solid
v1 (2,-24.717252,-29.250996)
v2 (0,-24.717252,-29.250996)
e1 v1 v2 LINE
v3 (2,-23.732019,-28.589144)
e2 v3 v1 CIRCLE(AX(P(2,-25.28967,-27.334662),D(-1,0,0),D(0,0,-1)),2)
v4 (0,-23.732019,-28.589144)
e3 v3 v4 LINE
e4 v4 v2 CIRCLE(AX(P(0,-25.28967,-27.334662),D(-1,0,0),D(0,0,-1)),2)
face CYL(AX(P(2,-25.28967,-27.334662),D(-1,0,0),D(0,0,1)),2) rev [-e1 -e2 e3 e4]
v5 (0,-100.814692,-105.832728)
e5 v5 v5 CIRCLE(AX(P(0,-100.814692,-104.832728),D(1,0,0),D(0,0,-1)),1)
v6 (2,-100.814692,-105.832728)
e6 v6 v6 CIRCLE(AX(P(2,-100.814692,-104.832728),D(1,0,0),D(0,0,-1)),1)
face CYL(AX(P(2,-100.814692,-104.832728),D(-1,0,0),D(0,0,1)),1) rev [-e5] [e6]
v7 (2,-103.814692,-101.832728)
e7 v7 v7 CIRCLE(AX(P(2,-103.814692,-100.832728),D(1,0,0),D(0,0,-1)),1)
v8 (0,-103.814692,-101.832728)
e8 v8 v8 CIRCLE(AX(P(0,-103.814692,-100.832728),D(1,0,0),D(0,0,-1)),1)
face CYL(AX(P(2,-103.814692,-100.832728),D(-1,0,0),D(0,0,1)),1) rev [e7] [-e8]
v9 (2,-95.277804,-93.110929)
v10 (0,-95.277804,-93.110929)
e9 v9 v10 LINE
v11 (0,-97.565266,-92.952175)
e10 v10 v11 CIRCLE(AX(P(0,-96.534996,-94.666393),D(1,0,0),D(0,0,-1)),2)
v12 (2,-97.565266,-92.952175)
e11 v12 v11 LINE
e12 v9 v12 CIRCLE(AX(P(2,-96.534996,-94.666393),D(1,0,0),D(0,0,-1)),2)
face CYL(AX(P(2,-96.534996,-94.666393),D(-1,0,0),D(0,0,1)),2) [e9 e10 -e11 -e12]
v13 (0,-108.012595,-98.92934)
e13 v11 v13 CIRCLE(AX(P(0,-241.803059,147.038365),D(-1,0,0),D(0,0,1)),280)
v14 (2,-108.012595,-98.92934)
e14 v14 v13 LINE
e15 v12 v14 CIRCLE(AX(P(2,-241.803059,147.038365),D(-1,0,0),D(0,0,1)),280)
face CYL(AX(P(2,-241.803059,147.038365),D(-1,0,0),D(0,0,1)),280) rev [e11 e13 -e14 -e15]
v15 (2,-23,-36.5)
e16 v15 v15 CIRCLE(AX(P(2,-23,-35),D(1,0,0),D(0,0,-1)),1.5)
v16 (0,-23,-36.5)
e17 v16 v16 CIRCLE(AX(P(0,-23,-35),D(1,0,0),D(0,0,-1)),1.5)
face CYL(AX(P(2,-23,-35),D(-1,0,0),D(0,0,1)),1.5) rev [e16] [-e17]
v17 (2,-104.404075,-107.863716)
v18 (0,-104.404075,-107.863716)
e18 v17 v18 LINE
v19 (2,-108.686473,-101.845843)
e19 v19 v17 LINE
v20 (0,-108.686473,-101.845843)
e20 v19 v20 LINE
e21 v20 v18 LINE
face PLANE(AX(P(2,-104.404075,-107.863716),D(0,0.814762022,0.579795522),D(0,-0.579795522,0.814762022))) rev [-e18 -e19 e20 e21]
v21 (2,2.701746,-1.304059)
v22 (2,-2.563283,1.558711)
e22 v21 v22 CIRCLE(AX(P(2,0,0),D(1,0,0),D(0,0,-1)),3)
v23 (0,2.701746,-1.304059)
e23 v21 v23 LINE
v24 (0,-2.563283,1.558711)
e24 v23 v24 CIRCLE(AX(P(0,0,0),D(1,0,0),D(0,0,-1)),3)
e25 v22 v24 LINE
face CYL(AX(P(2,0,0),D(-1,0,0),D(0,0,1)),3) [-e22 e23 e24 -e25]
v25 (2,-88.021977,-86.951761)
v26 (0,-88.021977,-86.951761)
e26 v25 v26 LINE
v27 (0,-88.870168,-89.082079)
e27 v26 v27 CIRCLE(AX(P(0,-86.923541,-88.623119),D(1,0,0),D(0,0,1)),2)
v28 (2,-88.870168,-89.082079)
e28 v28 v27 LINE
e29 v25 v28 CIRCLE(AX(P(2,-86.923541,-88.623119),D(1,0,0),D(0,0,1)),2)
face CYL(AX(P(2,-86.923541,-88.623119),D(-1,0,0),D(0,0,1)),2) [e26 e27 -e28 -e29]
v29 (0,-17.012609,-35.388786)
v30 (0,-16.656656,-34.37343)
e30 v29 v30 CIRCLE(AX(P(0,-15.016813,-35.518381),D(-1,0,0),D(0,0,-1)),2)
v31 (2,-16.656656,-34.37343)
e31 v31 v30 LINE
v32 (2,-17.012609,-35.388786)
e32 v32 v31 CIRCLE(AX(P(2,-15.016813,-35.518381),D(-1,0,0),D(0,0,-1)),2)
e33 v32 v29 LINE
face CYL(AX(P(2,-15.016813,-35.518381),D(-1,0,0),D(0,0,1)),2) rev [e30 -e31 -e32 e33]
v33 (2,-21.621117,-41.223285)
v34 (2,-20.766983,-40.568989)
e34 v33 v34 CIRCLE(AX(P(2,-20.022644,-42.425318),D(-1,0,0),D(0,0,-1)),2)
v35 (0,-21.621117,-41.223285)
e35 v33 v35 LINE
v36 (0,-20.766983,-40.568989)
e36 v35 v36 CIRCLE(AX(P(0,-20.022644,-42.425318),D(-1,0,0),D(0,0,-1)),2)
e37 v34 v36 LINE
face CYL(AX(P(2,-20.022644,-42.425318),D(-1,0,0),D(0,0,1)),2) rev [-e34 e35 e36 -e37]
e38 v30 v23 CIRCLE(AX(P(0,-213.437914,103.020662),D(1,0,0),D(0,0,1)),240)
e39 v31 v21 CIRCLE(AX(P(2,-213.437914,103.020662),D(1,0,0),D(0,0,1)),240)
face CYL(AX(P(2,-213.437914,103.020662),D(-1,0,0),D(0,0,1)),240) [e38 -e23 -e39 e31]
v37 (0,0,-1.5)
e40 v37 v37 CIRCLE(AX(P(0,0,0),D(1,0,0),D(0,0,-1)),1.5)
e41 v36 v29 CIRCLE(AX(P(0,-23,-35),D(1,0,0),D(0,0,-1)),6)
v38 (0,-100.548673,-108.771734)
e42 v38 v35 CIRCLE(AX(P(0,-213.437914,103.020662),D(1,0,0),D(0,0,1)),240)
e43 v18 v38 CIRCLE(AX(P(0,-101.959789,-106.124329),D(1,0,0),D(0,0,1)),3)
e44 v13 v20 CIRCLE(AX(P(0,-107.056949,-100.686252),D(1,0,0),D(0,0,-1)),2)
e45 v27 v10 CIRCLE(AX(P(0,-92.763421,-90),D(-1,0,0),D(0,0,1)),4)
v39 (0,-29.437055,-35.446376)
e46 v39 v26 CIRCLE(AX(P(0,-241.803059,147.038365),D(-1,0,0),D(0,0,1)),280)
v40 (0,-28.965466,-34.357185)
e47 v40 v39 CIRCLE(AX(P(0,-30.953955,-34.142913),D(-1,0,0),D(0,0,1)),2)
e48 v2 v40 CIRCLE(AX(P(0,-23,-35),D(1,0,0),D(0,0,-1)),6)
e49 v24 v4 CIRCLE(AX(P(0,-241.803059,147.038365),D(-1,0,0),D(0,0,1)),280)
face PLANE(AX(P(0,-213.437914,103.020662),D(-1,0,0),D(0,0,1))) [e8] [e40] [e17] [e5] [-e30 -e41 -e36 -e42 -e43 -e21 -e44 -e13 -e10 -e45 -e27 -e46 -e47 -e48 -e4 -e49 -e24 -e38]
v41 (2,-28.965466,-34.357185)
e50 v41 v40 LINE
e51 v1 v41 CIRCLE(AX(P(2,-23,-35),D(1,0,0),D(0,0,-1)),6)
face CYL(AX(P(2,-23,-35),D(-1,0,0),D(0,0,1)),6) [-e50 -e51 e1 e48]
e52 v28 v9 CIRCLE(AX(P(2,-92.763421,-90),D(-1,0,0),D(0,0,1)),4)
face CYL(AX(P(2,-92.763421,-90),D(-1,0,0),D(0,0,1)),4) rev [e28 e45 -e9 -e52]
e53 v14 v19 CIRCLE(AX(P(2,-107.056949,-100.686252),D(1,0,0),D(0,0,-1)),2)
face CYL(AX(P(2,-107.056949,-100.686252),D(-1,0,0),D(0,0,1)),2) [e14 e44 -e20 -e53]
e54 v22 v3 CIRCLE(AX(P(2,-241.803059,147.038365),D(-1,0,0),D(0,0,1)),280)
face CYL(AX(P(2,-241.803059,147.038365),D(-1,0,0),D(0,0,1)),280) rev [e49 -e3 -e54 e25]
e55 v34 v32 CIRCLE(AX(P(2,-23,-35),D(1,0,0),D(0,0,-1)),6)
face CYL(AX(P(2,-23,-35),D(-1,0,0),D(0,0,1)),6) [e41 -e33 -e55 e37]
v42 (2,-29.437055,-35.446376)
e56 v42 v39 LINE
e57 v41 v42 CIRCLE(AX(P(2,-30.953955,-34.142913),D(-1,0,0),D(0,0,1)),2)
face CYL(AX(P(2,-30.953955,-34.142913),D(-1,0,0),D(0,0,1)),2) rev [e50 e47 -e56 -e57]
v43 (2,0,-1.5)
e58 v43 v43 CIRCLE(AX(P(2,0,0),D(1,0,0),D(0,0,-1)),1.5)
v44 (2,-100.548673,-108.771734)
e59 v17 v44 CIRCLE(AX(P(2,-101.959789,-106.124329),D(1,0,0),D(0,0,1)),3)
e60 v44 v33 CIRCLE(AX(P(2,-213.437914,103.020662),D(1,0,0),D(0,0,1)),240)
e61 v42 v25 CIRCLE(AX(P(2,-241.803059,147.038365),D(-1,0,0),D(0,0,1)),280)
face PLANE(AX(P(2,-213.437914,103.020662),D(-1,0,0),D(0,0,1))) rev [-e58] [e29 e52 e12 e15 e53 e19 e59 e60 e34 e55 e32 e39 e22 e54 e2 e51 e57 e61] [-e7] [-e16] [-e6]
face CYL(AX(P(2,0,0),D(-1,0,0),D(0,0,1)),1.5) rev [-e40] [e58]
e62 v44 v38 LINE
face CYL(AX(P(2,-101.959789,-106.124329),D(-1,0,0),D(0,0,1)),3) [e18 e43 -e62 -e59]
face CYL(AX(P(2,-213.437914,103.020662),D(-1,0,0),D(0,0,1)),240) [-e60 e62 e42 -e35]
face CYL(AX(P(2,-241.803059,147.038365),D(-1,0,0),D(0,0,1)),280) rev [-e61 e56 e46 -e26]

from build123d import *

# Parameters (mm, degrees)
SKETCH_1_R      = 1
SKETCH_1_R_2    = 1.5
EXTRUDE_1_DEPTH = 2


with BuildPart() as part:
    # 草图1 → 凸台-拉伸1 (new body)
    with BuildSketch(Plane(origin=(0, 0, 0), x_dir=(0, 0, -1), z_dir=(1, 0, 0))):
        with BuildLine():
            Line((107.863715966, -104.404074838), (101.845843381, -108.686473232))
            ThreePointArc((101.845843381, -108.686473232), (100.236001316, -109.005608731), (98.929340159, -108.012595355))
            ThreePointArc((98.929340159, -108.012595355), (95.996901234, -102.756809465), (92.952174798, -97.565265927))
            ThreePointArc((92.952174798, -97.565265927), (92.67119221, -96.396525563), (93.110928625, -95.277804356))
            ThreePointArc((93.110928625, -95.277804356), (93.386262354, -90.634283432), (89.082079375, -88.870167754))
            ThreePointArc((89.082079375, -88.870167754), (87.883298953, -88.781676215), (86.951761021, -88.02197737))
            ThreePointArc((86.951761021, -88.02197737), (63.249240179, -56.927091802), (35.446375502, -29.437055089))
            ThreePointArc((35.446375502, -29.437055089), (34.93756912, -29.118601809), (34.357184804, -28.965466337))
            ThreePointArc((34.357184804, -28.965466337), (31.162596189, -27.612410648), (29.250996223, -24.717252331))
            ThreePointArc((29.250996223, -24.717252331), (28.99483955, -24.174407799), (28.589143834, -23.732019493))
            ThreePointArc((28.589143834, -23.732019493), (13.863721442, -12.651321704), (-1.558710581, -2.56328331))
            ThreePointArc((-1.558710581, -2.56328331), (-2.635591887, 1.433058061), (1.304059018, 2.701745746))
            ThreePointArc((1.304059018, 2.701745746), (18.225711529, -6.316411442), (34.373430157, -16.656656404))
            ThreePointArc((34.373430157, -16.656656404), (34.856722013, -16.904193707), (35.388785697, -17.012609443))
            ThreePointArc((35.388785697, -17.012609443), (38.521022393, -18.141769735), (40.568988637, -20.766982858))
            ThreePointArc((40.568988637, -20.766982858), (40.837621253, -21.238875062), (41.223285286, -21.621117118))
            ThreePointArc((41.223285286, -21.621117118), (79.319293236, -57.386189934), (108.771734361, -100.548673263))
            ThreePointArc((108.771734361, -100.548673263), (109.044434758, -102.647527604), (107.863715966, -104.404074838))
        make_face()
        with Locations((100.83272848, -103.814691777)):
            Circle(SKETCH_1_R, mode=Mode.SUBTRACT)
        with Locations((104.83272848, -100.814691777)):
            Circle(SKETCH_1_R, mode=Mode.SUBTRACT)
        with Locations((35, -23)):
            Circle(SKETCH_1_R_2, mode=Mode.SUBTRACT)
        Circle(SKETCH_1_R_2, mode=Mode.SUBTRACT)
    extrude(amount=EXTRUDE_1_DEPTH)


solid = part.part
